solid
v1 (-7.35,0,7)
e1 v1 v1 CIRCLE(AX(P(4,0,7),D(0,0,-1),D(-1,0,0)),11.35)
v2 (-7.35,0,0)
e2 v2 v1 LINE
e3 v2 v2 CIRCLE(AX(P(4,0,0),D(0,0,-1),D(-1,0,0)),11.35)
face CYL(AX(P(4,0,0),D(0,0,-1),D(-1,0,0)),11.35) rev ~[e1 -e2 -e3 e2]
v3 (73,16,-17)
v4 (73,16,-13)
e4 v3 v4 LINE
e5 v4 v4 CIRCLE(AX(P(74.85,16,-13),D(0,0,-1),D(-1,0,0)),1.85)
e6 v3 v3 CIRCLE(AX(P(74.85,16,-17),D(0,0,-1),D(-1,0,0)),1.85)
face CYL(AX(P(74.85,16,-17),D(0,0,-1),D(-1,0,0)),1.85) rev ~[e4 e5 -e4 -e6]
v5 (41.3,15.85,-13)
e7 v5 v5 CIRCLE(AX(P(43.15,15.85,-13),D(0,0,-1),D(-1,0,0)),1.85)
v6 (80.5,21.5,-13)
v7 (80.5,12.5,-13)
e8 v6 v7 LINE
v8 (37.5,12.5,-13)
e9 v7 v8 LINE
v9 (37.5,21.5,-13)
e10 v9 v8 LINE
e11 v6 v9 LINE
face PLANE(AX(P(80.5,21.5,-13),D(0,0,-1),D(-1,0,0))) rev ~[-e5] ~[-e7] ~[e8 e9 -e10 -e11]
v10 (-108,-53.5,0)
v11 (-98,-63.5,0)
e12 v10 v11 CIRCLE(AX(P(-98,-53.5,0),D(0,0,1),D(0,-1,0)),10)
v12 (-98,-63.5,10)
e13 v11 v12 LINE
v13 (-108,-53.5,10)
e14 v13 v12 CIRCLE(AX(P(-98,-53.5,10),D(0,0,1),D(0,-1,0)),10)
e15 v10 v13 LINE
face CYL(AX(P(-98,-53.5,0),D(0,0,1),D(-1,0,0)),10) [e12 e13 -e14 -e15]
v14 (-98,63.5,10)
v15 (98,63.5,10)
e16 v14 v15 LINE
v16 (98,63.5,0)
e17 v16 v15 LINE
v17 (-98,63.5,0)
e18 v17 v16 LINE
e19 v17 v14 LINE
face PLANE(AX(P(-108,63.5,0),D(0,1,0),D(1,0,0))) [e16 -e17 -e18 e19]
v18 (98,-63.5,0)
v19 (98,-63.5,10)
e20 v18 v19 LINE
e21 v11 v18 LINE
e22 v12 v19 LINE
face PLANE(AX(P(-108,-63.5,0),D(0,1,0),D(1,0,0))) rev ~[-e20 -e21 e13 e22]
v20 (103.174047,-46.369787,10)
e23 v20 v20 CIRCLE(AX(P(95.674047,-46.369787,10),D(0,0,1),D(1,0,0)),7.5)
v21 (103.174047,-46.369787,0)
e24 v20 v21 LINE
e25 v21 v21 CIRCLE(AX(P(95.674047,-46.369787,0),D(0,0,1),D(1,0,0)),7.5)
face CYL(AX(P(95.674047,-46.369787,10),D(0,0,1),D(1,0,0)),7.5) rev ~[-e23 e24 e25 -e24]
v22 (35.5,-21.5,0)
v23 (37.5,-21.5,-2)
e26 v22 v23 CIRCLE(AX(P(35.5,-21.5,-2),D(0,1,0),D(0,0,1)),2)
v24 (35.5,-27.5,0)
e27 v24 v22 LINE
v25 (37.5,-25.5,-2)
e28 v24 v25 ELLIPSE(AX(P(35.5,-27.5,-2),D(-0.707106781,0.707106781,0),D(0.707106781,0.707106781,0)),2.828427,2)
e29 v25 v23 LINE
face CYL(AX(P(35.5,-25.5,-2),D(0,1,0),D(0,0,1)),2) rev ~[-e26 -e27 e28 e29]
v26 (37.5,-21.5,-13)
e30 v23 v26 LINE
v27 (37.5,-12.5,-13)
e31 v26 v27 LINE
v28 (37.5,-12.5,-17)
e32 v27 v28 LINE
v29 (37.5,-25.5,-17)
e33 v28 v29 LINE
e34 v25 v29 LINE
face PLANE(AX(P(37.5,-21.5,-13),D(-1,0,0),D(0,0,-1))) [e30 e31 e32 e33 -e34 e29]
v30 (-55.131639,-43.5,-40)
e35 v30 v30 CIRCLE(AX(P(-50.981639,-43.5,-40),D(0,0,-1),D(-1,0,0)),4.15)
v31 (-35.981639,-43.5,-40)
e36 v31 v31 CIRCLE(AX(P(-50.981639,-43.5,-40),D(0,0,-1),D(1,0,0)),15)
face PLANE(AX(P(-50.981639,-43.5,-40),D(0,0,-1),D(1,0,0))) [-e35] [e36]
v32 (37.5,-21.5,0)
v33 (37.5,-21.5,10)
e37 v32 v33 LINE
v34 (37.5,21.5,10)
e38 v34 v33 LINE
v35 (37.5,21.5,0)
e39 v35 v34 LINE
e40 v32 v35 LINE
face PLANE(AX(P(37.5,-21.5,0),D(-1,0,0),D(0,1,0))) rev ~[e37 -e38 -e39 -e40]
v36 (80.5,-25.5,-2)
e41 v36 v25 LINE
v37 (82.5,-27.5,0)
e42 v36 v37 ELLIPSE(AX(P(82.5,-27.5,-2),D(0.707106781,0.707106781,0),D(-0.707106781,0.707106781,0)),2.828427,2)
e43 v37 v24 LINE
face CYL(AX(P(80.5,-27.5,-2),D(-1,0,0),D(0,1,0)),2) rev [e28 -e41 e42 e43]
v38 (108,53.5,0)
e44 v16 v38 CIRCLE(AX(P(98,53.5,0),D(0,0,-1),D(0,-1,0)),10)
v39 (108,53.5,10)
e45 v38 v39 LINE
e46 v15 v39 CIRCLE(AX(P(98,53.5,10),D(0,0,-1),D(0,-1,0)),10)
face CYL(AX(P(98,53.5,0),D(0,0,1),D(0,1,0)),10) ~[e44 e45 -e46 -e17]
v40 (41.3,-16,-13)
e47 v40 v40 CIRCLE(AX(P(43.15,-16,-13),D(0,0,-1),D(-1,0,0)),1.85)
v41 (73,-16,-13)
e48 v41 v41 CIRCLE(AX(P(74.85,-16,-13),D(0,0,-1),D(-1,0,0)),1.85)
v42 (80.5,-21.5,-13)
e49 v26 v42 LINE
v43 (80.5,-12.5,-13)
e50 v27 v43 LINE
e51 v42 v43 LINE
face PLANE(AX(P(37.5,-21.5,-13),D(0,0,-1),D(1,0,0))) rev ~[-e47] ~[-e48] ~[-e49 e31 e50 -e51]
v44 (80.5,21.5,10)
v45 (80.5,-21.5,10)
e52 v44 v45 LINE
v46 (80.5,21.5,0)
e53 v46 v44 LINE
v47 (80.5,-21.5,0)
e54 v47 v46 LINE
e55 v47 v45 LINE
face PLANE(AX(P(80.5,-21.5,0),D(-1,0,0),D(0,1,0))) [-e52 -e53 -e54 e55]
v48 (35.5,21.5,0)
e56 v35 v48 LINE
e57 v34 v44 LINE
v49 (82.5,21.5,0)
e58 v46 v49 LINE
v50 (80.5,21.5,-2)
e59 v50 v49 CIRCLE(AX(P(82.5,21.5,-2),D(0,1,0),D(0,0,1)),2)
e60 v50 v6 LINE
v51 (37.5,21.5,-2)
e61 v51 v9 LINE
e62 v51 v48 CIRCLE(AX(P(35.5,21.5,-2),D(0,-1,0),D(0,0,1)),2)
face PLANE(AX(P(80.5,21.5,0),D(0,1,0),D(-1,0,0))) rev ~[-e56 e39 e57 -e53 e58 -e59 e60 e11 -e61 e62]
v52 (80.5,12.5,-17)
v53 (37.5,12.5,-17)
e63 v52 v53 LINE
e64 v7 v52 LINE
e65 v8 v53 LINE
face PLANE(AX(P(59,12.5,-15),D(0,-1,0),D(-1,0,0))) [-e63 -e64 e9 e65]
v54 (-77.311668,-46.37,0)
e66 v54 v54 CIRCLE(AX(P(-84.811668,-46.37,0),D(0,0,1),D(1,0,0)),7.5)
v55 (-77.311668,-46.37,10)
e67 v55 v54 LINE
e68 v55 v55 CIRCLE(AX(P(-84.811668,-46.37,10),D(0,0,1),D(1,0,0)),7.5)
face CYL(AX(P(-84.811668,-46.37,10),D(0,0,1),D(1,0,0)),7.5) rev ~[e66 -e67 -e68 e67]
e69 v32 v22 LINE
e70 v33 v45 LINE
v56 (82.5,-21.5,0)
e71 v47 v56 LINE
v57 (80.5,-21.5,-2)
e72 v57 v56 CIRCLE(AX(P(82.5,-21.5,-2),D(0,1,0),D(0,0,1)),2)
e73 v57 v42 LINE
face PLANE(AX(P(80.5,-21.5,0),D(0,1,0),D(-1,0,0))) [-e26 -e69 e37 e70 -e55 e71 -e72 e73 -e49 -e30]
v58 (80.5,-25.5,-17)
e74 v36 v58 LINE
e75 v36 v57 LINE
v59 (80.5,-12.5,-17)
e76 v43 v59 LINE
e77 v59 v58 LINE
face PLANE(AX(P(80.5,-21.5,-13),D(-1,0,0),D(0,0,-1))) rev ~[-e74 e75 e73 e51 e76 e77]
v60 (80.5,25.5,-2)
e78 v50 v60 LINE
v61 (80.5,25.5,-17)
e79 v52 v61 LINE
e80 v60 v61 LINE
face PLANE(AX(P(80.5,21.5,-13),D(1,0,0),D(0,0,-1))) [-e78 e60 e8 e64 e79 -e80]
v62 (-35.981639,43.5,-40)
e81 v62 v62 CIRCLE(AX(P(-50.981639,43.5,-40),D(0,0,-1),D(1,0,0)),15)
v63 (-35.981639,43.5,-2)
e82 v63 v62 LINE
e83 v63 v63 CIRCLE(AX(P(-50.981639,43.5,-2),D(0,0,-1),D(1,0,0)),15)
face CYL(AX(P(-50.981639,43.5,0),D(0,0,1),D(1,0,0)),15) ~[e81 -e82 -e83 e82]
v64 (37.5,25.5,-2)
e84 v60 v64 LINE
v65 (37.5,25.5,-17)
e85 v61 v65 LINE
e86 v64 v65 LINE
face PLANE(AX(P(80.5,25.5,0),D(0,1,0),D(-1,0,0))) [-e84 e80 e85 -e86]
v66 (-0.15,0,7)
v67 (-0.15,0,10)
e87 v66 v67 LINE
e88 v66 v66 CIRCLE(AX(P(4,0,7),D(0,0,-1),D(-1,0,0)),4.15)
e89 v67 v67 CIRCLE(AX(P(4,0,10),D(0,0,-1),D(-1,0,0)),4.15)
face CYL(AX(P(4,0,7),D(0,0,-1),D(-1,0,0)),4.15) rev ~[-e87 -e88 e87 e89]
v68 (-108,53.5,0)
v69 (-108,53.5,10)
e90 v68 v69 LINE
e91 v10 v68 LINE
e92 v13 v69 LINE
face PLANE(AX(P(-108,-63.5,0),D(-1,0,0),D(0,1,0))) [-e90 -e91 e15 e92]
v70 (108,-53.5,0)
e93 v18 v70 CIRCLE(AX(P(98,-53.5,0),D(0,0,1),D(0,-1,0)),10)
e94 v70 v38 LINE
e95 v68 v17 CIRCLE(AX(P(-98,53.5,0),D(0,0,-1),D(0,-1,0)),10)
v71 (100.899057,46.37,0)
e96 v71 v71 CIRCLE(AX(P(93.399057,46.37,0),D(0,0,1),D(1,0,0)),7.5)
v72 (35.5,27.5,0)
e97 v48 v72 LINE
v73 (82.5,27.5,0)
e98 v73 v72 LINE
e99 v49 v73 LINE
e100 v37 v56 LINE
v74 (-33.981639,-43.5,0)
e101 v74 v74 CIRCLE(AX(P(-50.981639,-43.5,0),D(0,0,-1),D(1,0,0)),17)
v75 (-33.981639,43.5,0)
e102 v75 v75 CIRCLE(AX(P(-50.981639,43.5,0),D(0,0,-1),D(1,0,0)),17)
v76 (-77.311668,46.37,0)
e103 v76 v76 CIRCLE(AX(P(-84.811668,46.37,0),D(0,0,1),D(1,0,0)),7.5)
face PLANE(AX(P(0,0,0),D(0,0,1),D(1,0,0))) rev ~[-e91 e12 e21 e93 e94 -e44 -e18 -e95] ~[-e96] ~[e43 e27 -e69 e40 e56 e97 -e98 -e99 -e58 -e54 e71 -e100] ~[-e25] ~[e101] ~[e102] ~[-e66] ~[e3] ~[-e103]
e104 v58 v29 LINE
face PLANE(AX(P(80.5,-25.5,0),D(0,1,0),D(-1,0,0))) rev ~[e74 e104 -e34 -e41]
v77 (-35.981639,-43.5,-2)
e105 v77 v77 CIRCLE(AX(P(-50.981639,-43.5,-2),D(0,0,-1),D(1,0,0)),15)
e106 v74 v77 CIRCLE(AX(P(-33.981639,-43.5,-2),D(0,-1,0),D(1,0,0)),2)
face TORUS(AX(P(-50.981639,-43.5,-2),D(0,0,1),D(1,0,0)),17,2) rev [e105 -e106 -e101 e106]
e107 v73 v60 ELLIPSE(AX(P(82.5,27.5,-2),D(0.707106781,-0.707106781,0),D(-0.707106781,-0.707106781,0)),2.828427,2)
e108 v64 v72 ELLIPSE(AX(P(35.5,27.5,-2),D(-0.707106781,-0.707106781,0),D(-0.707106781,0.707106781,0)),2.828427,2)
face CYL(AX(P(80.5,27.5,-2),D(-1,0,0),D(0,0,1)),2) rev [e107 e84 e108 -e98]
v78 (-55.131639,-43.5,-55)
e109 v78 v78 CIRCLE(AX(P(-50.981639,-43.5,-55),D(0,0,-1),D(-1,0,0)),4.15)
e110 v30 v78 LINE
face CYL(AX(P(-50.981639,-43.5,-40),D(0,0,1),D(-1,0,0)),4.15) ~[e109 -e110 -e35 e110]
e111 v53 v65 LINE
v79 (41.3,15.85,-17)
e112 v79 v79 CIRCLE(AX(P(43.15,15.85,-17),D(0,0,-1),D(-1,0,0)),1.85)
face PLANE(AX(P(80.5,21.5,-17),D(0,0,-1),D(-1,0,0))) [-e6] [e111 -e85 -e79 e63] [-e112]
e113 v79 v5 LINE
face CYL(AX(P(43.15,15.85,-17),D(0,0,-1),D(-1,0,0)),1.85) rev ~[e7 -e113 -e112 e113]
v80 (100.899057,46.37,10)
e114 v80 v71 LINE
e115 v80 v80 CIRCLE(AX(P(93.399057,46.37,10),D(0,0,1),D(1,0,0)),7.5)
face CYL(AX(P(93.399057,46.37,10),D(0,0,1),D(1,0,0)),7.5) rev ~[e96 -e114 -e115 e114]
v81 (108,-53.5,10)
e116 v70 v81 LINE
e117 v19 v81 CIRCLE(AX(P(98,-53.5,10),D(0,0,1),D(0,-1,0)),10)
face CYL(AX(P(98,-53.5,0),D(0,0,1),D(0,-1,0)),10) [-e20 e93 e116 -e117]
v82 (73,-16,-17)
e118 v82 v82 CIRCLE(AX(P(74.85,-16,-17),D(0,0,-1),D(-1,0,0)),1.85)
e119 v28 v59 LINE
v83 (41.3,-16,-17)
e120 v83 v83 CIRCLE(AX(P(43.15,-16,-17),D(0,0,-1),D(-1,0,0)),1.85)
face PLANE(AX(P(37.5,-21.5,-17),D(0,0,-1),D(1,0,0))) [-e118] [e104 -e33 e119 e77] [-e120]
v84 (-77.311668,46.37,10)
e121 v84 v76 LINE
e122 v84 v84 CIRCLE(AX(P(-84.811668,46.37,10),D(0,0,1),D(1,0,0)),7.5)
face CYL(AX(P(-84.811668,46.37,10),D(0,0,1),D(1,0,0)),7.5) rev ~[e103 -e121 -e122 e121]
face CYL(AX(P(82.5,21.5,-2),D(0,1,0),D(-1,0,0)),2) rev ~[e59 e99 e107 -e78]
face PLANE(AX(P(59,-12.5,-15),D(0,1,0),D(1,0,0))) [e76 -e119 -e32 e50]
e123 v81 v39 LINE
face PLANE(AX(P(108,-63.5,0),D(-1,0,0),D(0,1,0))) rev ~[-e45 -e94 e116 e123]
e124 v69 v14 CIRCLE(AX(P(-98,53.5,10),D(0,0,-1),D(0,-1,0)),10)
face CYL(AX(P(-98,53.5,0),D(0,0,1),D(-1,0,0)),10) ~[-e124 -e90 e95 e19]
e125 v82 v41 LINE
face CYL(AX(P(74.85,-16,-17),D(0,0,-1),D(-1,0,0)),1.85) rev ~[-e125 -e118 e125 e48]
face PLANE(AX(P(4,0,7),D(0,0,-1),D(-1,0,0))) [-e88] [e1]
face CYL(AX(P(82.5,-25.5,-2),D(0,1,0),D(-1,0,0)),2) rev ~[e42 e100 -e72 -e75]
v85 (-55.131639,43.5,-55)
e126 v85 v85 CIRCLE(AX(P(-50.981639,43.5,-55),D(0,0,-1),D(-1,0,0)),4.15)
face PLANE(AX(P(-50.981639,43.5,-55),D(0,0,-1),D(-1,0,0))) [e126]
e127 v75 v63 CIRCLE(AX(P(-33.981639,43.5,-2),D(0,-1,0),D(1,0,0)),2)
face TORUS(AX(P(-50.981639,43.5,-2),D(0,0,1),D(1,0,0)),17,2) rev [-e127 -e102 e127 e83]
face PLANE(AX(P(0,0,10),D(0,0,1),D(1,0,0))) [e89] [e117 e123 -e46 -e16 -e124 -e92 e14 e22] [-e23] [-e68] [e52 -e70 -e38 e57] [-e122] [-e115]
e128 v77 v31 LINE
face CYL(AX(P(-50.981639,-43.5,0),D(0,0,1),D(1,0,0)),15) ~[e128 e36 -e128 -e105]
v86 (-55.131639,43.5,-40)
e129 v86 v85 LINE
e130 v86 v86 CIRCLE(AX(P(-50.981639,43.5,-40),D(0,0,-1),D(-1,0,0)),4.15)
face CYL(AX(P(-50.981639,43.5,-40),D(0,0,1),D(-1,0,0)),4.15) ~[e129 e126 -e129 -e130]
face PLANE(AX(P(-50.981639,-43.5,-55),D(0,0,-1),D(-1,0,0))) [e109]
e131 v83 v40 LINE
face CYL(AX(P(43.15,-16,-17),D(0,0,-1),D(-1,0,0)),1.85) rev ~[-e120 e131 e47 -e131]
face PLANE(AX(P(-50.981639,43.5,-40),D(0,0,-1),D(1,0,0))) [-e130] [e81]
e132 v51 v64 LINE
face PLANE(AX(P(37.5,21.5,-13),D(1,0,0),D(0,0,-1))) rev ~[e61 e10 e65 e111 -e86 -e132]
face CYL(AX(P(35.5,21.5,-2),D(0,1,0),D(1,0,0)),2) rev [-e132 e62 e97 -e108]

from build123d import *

# Parameters (mm, degrees)
SKETCH1_W            = 216
SKETCH1_H            = 127
BOSS_EXTRUDE1_DEPTH  = 10
FILLET1_R            = 10
FILLET2_R            = 10
SKETCH9_R            = 11.35
CUT_EXTRUDE4_DEPTH   = 7
SKETCH12_R           = 4.15
CUT_EXTRUDE5_DEPTH   = 7
SKETCH9_4_W          = 43
SKETCH9_4_H          = 43
CUT_EXTRUDE6_DEPTH   = 126.683133315
SKETCH13_W           = 43
SKETCH13_H           = 4
BOSS_EXTRUDE2_DEPTH  = 17
FILLET4_R            = 2
SKETCH17_W           = 43
SKETCH17_H           = 4
BOSS_EXTRUDE5_DEPTH  = 9
SKETCH18_W           = 43
SKETCH18_H           = 4
BOSS_EXTRUDE6_DEPTH  = 17
SKETCH19_W           = 43
SKETCH19_H           = 4
BOSS_EXTRUDE7_DEPTH  = 9
FILLET5_R            = 2
SKETCH20_R           = 1.85
CUT_EXTRUDE7_DEPTH   = 9
SKETCH23_R           = 1.85
CUT_EXTRUDE8_DEPTH   = 9
SKETCH25_R           = 15
BOSS_EXTRUDE9_DEPTH  = 40
SKETCH26_R           = 4.15
BOSS_EXTRUDE10_DEPTH = 15
SKETCH27_R           = 4.15
BOSS_EXTRUDE11_DEPTH = 15
FILLET9_R            = 2
FILLET10_R           = 2
SKETCH28_R           = 7.5
CUT_EXTRUDE9_DEPTH   = 142.142658328


with BuildPart() as part:
    # Sketch1 → Boss-Extrude1 (new body)
    with BuildSketch(Plane.XY):
        Rectangle(SKETCH1_W, SKETCH1_H)
    extrude(amount=BOSS_EXTRUDE1_DEPTH)

    # Fillet1
    fillet1_edges = [part.edges().sort_by_distance(p)[0] for p in [
        (-108, 63.5, 5),
    ]]
    fillet(fillet1_edges, radius=FILLET1_R)

    # Fillet2
    fillet2_edges = [part.edges().sort_by_distance(p)[0] for p in [
        (-108, -63.5, 5),
        (108, 63.5, 5),
        (108, -63.5, 5),
    ]]
    fillet(fillet2_edges, radius=FILLET2_R)

    # Sketch9 → Cut-Extrude4 (cut)
    with BuildSketch(Plane(origin=(0, 0, 0), x_dir=(-1, 0, 0), z_dir=(0, 0, -1))):
        with Locations((-4, 0)):
            Circle(SKETCH9_R)
    extrude(amount=-CUT_EXTRUDE4_DEPTH, mode=Mode.SUBTRACT)

    # Sketch12 → Cut-Extrude5 (cut)
    with BuildSketch(Plane(origin=(0, 0, 7), x_dir=(-1, 0, 0), z_dir=(0, 0, -1))):
        with Locations((-4, 0)):
            Circle(SKETCH12_R)
    extrude(amount=-CUT_EXTRUDE5_DEPTH, mode=Mode.SUBTRACT)

    # Sketch9<4> → Cut-Extrude6 (cut, through all)
    with BuildSketch(Plane(origin=(0, 0, 0), x_dir=(-1, 0, 0), z_dir=(0, 0, -1))):
        with Locations((-59, 0)):
            Rectangle(SKETCH9_4_W, SKETCH9_4_H)
    extrude(amount=-CUT_EXTRUDE6_DEPTH, mode=Mode.SUBTRACT)

    # Sketch13 → Boss-Extrude2 (add)
    with BuildSketch(Plane(origin=(0, 0, 0), x_dir=(-1, 0, 0), z_dir=(0, 0, -1))):
        with Locations((-59, -23.5)):
            Rectangle(SKETCH13_W, SKETCH13_H)
    extrude(amount=BOSS_EXTRUDE2_DEPTH)

    # Fillet4
    fillet4_edges = [part.edges().sort_by_distance(p)[0] for p in [
        (59, -25.5, 0),
        (37.5, -23.5, 0),
        (80.5, -23.5, 0),
    ]]
    fillet(fillet4_edges, radius=FILLET4_R)

    # Sketch17 → Boss-Extrude5 (add)
    with BuildSketch(Plane(origin=(0, -21.5, 0), x_dir=(1, 0, 0), z_dir=(0, 1, 0))):
        with Locations((59, 15)):
            Rectangle(SKETCH17_W, SKETCH17_H)
    extrude(amount=BOSS_EXTRUDE5_DEPTH)

    # Sketch18 → Boss-Extrude6 (add)
    with BuildSketch(Plane(origin=(0, 0, 0), x_dir=(-1, 0, 0), z_dir=(0, 0, -1))):
        with Locations((-59, 23.5)):
            Rectangle(SKETCH18_W, SKETCH18_H)
    extrude(amount=BOSS_EXTRUDE6_DEPTH)

    # Sketch19 → Boss-Extrude7 (add)
    with BuildSketch(Plane(origin=(0, 21.5, 0), x_dir=(-1, 0, 0), z_dir=(0, -1, 0))):
        with Locations((-59, 15)):
            Rectangle(SKETCH19_W, SKETCH19_H)
    extrude(amount=BOSS_EXTRUDE7_DEPTH)

    # Fillet5
    fillet5_edges = [part.edges().sort_by_distance(p)[0] for p in [
        (37.5, 23.5, 0),
        (80.5, 23.5, 0),
        (59, 25.5, 0),
    ]]
    fillet(fillet5_edges, radius=FILLET5_R)

    # Sketch20 → Cut-Extrude7 (cut)
    with BuildSketch(Plane(origin=(0, 0, -17), x_dir=(-1, 0, 0), z_dir=(0, 0, -1))):
        with Locations((-43.15, -16)):
            Circle(SKETCH20_R)
        with Locations((-74.85, -16)):
            Circle(SKETCH20_R)
    extrude(amount=-CUT_EXTRUDE7_DEPTH, mode=Mode.SUBTRACT)

    # Sketch23 → Cut-Extrude8 (cut)
    with BuildSketch(Plane(origin=(0, 0, -17), x_dir=(-1, 0, 0), z_dir=(0, 0, -1))):
        with Locations((-43.15, 15.85)):
            Circle(SKETCH23_R)
        with Locations((-74.85, 16)):
            Circle(SKETCH23_R)
    extrude(amount=-CUT_EXTRUDE8_DEPTH, mode=Mode.SUBTRACT)

    # Sketch25 → Boss-Extrude9 (add)
    with BuildSketch(Plane(origin=(0, 0, 0), x_dir=(-1, 0, 0), z_dir=(0, 0, -1))):
        with Locations((50.981638517, -43.5)):
            Circle(SKETCH25_R)
        with Locations((50.981638517, 43.5)):
            Circle(SKETCH25_R)
    extrude(amount=BOSS_EXTRUDE9_DEPTH)

    # Sketch26 → Boss-Extrude10 (add)
    with BuildSketch(Plane(origin=(0, 0, -40), x_dir=(-1, 0, 0), z_dir=(0, 0, -1))):
        with Locations((50.981638517, -43.5)):
            Circle(SKETCH26_R)
    extrude(amount=BOSS_EXTRUDE10_DEPTH)

    # Sketch27 → Boss-Extrude11 (add)
    with BuildSketch(Plane(origin=(0, 0, -40), x_dir=(-1, 0, 0), z_dir=(0, 0, -1))):
        with Locations((50.981638517, 43.5)):
            Circle(SKETCH27_R)
    extrude(amount=BOSS_EXTRUDE11_DEPTH)

    # Fillet9
    fillet9_edges = [part.edges().sort_by_distance(p)[0] for p in [
        (-35.981638517, -43.5, 0),
    ]]
    fillet(fillet9_edges, radius=FILLET9_R)

    # Fillet10
    fillet10_edges = [part.edges().sort_by_distance(p)[0] for p in [
        (-35.981638517, 43.5, 0),
    ]]
    fillet(fillet10_edges, radius=FILLET10_R)

    # Sketch28 → Cut-Extrude9 (cut, through all)
    with BuildSketch(Plane.XY.offset(10)):
        with Locations((-84.811667967, 46.37)):
            Circle(SKETCH28_R)
        with Locations((-84.811667967, -46.37)):
            Circle(SKETCH28_R)
        with Locations((95.674047271, -46.369786546)):
            Circle(SKETCH28_R)
        with Locations((93.399057455, 46.37)):
            Circle(SKETCH28_R)
    extrude(amount=-CUT_EXTRUDE9_DEPTH, mode=Mode.SUBTRACT)


solid = part.part
